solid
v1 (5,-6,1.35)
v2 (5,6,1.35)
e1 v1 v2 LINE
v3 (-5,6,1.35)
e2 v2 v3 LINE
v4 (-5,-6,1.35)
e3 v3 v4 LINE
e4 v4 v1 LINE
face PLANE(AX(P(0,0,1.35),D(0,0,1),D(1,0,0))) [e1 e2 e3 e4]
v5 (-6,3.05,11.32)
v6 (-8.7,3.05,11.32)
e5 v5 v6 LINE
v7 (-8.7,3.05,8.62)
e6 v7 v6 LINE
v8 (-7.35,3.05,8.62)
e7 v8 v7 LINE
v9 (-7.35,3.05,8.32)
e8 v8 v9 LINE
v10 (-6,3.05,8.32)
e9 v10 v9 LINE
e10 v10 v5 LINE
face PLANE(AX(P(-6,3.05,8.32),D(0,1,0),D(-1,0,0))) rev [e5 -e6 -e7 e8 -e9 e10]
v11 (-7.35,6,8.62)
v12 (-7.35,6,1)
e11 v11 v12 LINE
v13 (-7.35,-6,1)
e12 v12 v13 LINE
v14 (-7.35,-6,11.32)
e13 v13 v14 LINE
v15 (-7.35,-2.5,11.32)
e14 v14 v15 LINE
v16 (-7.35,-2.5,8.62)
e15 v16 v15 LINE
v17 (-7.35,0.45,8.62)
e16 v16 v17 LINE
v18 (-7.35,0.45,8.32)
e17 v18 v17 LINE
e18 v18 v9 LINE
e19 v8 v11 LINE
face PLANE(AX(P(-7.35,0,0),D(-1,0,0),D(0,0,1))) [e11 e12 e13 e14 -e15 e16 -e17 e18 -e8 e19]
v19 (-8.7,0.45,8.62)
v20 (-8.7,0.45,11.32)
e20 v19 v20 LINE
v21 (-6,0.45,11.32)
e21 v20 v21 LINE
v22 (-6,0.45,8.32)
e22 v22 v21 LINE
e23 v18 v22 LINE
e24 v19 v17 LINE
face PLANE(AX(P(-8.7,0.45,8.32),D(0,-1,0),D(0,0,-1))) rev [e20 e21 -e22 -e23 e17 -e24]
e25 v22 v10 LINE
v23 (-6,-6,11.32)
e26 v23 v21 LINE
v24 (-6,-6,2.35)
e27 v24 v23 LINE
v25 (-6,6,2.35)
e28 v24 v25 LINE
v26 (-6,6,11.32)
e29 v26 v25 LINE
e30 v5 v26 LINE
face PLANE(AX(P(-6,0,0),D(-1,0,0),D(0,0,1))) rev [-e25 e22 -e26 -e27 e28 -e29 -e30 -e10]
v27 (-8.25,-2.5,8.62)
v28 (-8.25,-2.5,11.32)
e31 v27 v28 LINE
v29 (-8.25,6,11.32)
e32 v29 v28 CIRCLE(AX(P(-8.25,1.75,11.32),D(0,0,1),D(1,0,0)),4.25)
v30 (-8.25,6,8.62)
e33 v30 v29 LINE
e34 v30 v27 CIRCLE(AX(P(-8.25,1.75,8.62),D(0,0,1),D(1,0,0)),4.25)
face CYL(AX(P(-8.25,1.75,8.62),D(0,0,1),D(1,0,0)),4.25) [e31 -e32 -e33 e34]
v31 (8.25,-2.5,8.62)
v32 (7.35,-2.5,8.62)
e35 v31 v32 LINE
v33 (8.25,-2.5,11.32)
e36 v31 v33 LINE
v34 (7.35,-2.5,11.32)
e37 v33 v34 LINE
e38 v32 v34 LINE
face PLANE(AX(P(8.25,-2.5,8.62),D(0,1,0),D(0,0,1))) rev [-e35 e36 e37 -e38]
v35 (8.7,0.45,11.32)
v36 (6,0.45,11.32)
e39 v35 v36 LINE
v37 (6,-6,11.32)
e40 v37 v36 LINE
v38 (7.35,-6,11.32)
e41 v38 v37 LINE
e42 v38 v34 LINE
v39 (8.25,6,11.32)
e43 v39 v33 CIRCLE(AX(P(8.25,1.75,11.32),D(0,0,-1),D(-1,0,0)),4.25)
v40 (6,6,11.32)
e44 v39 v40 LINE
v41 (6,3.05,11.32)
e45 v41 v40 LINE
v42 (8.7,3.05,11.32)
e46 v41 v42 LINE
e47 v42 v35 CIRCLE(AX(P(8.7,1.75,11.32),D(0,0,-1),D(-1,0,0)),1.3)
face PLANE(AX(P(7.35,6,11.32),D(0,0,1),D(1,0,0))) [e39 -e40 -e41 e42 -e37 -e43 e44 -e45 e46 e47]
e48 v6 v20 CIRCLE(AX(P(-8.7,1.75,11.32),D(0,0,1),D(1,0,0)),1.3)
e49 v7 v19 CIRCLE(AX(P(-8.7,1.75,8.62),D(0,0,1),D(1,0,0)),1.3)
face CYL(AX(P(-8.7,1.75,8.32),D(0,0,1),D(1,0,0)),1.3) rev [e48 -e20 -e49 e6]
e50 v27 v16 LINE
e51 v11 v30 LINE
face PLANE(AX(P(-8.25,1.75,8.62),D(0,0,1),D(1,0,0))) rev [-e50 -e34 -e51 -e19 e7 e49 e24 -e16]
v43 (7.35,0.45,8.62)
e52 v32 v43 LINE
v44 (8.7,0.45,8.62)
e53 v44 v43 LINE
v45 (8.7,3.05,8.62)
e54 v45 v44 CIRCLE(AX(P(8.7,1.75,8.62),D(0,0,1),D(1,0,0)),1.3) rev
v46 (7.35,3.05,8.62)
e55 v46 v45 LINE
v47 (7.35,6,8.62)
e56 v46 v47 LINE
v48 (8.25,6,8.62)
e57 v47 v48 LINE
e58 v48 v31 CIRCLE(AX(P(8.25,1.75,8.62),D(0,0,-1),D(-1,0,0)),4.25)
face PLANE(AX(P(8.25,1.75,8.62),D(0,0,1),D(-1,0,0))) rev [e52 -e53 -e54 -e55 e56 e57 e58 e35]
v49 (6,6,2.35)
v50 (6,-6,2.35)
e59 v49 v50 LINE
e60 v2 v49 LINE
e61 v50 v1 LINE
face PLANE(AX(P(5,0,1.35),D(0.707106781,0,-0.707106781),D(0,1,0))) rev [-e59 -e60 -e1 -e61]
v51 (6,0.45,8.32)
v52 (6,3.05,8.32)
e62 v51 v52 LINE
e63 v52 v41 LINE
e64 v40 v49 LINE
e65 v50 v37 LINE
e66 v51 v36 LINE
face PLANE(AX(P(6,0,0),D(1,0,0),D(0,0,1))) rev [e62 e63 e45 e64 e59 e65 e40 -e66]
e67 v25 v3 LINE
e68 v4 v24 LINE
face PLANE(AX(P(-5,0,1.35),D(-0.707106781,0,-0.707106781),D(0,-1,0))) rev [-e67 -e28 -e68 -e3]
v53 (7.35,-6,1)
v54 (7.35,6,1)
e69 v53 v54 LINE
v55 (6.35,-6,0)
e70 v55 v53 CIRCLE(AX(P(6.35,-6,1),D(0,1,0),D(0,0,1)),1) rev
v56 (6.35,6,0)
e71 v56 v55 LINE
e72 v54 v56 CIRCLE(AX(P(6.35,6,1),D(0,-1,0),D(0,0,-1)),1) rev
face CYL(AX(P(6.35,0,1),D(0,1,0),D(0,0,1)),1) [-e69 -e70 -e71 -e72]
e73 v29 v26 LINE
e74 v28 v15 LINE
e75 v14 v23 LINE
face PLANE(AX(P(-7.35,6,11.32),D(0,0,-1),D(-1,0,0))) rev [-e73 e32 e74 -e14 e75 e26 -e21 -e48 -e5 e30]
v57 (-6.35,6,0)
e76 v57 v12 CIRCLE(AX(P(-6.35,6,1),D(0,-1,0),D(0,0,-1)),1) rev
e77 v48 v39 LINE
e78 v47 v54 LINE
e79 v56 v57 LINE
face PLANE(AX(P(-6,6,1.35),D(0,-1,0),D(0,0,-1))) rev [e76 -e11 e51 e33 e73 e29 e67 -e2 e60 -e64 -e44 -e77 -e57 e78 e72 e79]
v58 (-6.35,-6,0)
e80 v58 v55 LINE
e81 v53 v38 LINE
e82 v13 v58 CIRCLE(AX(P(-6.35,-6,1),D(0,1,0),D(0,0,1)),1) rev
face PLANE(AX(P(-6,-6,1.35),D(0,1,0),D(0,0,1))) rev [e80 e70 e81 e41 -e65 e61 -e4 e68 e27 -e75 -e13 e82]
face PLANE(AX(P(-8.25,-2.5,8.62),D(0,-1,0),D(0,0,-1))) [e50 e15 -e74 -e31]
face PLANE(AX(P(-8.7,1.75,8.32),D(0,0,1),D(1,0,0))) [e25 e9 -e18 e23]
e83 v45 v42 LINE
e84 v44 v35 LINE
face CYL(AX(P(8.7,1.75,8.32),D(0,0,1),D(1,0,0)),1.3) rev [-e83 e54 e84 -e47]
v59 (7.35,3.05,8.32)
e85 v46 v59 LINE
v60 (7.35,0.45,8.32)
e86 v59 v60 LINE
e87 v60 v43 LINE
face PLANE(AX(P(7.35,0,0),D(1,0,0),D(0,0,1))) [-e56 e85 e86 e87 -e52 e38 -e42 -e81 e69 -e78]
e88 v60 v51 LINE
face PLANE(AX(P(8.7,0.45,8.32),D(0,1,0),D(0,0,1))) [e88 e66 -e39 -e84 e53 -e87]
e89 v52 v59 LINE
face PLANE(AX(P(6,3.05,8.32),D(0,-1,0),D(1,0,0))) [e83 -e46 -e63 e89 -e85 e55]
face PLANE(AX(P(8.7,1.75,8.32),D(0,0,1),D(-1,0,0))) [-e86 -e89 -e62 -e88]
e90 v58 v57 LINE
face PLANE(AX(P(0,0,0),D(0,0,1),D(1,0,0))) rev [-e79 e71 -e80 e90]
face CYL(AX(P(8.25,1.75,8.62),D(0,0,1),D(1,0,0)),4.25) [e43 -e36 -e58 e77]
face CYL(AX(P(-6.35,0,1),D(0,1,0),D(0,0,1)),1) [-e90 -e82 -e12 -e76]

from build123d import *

# Parameters (mm, degrees)
SKETCH_1_W          = 12
SKETCH_1_H          = 12
EXTRUDE_1_DEPTH     = 1.35
SKETCH_2_W          = 11.32
SKETCH_2_H          = 12
EXTRUDE_2_DEPTH     = 1.35
EXTRUDE_3_DEPTH     = 2.7
CUT_EXTRUDE_1_DEPTH = 3
CHAMFER_1_SIZE      = 1
FILLET_1_R          = 1


with BuildPart() as part:
    # 草图1 → 凸台-拉伸1 (new body)
    with BuildSketch(Plane.XY):
        Rectangle(SKETCH_1_W, SKETCH_1_H)
    extrude(amount=EXTRUDE_1_DEPTH)

    # 草图2 → 凸台-拉伸2 (add)
    with BuildSketch(Plane.ZY.offset(6)):
        with Locations((5.66, 0)):
            Rectangle(SKETCH_2_W, SKETCH_2_H)
    extrude_2 = extrude(amount=EXTRUDE_2_DEPTH)

    # 草图3 → 凸台-拉伸3 (add)
    with BuildSketch(Plane.XY.offset(11.32)):
        with BuildLine():
            Line((-7.35, 6), (-8.25, 6))
            ThreePointArc((-8.25, 6), (-12.5, 1.75), (-8.25, -2.5))
            Line((-8.25, -2.5), (-7.35, -2.5))
            Line((-7.35, -2.5), (-7.35, 6))
        make_face()
    extrude_3 = extrude(amount=-EXTRUDE_3_DEPTH)

    # 草图4 → 切除-拉伸1 (cut)
    with BuildSketch(Plane.XY.offset(11.32)):
        with BuildLine():
            Line((-6, 3.05), (-8.7, 3.05))
            ThreePointArc((-8.7, 3.05), (-10, 1.75), (-8.7, 0.45))
            Line((-8.7, 0.45), (-6, 0.45))
            Line((-6, 0.45), (-6, 3.05))
        make_face()
    cut_extrude_1 = extrude(amount=-CUT_EXTRUDE_1_DEPTH, mode=Mode.SUBTRACT)

    # 镜向1: 凸台-拉伸2, 凸台-拉伸3, 切除-拉伸1 across plane
    add(extrude_2.mirror(Plane(origin=(0, 0, 0), x_dir=(0, 0, 1), z_dir=(1, 0, 0))))
    add(extrude_3.mirror(Plane(origin=(0, 0, 0), x_dir=(0, 0, 1), z_dir=(1, 0, 0))))
    add(cut_extrude_1.mirror(Plane(origin=(0, 0, 0), x_dir=(0, 0, 1), z_dir=(1, 0, 0))), mode=Mode.SUBTRACT)

    # 倒角1
    chamfer_1_edges = [part.edges().sort_by_distance(p)[0] for p in [
        (-6, 0, 1.35),
        (6, 0, 1.35),
    ]]
    chamfer(chamfer_1_edges, length=CHAMFER_1_SIZE)

    # 圆角1
    fillet_1_edges = [part.edges().sort_by_distance(p)[0] for p in [
        (-7.35, 0, 0),
        (7.35, 0, 0),
    ]]
    fillet(fillet_1_edges, radius=FILLET_1_R)


solid = part.part
